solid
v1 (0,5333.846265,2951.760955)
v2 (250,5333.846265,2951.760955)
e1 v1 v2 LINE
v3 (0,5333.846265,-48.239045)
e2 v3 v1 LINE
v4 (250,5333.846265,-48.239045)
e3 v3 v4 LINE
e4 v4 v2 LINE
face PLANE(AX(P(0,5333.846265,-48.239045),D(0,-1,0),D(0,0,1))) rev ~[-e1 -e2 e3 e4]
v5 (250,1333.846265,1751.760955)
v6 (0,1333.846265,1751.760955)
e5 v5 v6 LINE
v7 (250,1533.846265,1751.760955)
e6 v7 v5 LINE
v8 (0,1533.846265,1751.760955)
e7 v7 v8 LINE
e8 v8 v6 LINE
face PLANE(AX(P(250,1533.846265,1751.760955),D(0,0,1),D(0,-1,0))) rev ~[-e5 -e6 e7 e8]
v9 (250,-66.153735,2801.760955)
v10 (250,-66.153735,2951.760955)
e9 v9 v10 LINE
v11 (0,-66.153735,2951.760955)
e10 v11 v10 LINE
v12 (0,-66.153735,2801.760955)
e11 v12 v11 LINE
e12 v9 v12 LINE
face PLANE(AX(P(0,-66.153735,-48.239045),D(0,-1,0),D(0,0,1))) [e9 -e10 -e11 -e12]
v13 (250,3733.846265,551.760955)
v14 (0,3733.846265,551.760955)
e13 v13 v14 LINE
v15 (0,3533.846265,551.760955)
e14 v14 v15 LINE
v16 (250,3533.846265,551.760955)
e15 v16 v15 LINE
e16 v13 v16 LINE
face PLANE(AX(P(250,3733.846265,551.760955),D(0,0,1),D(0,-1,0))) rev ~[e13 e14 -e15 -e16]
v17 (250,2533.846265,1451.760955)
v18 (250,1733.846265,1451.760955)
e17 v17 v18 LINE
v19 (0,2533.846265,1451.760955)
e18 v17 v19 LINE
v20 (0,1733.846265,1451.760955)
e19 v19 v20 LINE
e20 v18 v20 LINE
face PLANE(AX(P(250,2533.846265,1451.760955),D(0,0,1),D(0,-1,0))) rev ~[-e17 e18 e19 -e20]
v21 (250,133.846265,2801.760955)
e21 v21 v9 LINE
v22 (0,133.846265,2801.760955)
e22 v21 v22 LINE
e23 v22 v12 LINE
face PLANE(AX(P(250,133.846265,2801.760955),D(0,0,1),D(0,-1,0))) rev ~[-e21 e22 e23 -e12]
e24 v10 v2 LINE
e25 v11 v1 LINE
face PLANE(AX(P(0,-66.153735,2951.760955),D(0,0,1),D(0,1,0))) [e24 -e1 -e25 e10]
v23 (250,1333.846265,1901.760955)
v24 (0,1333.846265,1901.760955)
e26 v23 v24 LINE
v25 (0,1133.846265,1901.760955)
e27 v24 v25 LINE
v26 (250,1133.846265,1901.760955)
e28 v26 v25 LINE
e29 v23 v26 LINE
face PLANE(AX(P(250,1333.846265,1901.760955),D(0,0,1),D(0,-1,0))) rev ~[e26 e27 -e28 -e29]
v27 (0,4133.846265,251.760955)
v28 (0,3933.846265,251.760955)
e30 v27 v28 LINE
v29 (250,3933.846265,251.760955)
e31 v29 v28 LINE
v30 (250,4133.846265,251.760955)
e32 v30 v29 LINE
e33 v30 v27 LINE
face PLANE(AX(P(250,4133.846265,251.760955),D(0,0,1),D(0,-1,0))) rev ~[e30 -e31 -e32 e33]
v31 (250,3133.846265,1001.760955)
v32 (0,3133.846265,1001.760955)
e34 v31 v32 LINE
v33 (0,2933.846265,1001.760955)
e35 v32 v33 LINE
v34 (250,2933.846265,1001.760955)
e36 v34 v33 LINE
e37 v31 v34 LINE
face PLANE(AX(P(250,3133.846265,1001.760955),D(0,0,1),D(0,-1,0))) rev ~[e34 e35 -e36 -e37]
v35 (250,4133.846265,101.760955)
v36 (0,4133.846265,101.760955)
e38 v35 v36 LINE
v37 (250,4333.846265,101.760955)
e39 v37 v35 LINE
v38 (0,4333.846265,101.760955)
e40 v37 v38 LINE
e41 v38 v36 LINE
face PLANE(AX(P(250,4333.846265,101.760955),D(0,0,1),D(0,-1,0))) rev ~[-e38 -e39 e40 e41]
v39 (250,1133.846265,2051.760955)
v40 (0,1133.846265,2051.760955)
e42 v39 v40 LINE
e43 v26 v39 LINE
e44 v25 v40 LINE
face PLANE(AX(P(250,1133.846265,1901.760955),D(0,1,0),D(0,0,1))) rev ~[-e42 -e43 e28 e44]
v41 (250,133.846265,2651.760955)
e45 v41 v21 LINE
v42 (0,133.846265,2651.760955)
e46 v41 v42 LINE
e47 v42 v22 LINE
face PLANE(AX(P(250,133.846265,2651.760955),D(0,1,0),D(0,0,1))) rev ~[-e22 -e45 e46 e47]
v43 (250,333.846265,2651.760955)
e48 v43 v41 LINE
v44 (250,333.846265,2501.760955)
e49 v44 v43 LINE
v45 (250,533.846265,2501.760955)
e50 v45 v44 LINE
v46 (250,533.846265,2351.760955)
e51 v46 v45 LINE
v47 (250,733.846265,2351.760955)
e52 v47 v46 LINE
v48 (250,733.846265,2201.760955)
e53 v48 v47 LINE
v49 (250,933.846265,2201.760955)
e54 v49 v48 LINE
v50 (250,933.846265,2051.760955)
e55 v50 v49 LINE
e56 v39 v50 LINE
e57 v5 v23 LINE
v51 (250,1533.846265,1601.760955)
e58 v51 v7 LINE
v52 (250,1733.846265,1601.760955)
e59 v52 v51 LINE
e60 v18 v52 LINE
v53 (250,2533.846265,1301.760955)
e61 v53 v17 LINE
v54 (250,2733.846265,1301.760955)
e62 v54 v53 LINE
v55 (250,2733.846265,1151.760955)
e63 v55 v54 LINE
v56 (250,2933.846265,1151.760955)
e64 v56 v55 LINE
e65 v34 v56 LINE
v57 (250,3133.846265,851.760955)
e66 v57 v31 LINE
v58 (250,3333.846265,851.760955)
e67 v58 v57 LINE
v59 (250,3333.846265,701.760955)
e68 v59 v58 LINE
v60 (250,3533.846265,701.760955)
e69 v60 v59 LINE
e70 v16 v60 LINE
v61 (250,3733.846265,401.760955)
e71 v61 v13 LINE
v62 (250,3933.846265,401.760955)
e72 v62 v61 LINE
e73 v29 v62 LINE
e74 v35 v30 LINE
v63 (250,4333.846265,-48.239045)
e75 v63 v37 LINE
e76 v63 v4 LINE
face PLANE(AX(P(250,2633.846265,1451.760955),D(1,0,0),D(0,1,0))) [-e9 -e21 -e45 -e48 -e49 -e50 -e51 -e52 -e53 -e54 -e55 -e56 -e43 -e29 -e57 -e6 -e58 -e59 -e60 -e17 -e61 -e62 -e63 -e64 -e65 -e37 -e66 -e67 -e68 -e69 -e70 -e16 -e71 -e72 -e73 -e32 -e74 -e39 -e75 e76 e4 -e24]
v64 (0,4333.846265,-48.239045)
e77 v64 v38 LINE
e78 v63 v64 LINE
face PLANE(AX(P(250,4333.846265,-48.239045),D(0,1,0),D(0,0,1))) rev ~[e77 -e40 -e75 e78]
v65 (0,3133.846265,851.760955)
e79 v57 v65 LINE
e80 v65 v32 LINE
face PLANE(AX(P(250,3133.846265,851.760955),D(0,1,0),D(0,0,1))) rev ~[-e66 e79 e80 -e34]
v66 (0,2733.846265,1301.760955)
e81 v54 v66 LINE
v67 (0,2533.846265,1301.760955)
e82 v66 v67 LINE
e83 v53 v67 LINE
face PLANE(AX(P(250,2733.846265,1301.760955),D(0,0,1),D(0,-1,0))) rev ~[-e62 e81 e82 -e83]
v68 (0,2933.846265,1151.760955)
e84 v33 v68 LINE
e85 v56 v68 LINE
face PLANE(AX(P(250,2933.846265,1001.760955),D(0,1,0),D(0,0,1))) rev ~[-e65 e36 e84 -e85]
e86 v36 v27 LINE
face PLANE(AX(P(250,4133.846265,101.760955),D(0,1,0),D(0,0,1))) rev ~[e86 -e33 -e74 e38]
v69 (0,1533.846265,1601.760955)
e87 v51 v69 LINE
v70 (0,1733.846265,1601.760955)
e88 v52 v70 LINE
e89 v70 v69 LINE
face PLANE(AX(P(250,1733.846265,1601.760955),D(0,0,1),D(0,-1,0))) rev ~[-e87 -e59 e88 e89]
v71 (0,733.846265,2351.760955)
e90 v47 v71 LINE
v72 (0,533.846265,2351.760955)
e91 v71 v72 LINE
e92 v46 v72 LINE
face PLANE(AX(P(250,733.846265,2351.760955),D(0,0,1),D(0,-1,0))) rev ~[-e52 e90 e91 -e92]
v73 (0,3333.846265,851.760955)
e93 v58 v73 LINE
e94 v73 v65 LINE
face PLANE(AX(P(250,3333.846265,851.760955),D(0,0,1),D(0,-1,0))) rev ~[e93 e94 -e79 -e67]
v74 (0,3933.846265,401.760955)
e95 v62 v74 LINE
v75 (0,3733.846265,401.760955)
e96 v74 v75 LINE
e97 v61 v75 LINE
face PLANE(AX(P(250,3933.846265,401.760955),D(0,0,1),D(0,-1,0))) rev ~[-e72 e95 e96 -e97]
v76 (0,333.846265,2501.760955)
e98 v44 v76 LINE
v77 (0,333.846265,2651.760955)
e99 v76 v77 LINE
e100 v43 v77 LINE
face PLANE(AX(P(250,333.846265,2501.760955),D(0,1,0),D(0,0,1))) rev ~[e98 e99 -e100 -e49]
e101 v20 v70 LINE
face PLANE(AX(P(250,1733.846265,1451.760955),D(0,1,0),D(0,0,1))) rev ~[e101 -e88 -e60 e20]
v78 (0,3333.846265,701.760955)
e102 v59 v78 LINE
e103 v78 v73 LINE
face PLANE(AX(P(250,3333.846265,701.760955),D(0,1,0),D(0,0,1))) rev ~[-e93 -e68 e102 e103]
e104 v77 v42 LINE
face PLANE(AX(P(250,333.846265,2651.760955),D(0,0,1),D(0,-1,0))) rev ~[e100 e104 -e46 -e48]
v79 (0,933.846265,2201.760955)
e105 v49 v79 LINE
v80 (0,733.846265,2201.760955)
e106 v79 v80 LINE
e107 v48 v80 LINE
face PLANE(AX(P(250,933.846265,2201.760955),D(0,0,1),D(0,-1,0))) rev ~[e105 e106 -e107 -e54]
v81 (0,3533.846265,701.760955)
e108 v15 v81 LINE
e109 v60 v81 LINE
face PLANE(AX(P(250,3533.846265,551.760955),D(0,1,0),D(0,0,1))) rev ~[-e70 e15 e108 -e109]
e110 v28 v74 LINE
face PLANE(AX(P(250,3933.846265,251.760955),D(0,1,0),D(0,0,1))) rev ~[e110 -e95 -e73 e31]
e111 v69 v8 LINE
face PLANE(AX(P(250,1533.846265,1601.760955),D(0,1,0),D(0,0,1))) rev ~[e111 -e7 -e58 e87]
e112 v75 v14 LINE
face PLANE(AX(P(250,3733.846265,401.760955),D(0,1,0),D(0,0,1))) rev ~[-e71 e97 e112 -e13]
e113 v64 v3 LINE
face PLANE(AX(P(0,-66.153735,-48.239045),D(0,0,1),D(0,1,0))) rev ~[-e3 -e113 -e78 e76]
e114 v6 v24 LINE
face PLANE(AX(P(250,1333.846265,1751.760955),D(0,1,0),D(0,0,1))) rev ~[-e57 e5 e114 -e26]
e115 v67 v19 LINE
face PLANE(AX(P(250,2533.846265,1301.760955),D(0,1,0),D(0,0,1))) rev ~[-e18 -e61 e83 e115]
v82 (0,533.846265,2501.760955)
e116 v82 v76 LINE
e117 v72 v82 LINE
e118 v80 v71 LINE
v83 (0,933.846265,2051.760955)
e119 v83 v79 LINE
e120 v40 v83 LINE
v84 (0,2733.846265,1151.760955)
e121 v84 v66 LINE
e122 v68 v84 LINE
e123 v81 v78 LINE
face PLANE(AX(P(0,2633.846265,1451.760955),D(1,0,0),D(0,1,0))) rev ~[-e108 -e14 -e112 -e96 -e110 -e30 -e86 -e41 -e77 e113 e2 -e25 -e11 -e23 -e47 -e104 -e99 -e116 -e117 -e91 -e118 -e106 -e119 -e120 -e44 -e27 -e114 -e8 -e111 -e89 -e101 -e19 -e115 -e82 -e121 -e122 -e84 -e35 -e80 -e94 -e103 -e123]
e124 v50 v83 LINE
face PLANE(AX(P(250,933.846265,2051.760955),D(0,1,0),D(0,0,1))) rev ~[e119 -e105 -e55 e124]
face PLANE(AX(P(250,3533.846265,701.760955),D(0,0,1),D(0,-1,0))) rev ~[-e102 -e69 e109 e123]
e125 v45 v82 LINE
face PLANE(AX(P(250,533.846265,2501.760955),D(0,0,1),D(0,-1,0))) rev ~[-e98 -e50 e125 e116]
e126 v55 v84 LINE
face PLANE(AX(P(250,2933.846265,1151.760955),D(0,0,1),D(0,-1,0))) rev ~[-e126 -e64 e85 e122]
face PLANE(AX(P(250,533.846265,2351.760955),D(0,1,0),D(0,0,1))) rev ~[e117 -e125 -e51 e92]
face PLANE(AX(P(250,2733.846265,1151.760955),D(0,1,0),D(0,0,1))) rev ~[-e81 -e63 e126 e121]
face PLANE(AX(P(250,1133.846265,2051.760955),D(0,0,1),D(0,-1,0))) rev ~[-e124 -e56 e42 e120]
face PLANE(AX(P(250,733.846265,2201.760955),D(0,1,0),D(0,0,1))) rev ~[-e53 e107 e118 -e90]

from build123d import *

# Parameters (mm, degrees)
F0_W     = 5400
F0_H     = 3000
F1_DEPTH = 250
F3_DEPTH = 250


with BuildPart() as f1:
    # F0 (on Right) → F1 (new body)
    with BuildSketch(Plane.YZ):
        with Locations((2633.846265, 1451.760955)):
            Rectangle(F0_W, F0_H)
    extrude(amount=F1_DEPTH)

    # F2 (on face) → F3 (cut)
    with BuildSketch(Plane.YZ.offset(250)):
        Polygon((-66.153735, -48.239045), (4333.846265, -48.239045), (4333.846265, 101.760955), (4133.846265, 101.760955), (4133.846265, 251.760955), (3933.846265, 251.760955), (3933.846265, 401.760955), (3733.846265, 401.760955), (3733.846265, 551.760955), (3533.846265, 551.760955), (3533.846265, 701.760955), (3333.846265, 701.760955), (3333.846265, 851.760955), (3133.846265, 851.760955), (3133.846265, 1001.760955), (2933.846265, 1001.760955), (2933.846265, 1151.760955), (2733.846265, 1151.760955), (2733.846265, 1301.760955), (2533.846265, 1301.760955), (2533.846265, 1451.760955), (1733.846265, 1451.760955), (1733.846265, 1601.760955), (1533.846265, 1601.760955), (1533.846265, 1751.760955), (1333.846265, 1751.760955), (1333.846265, 1901.760955), (1133.846265, 1901.760955), (1133.846265, 2051.760955), (933.846265, 2051.760955), (933.846265, 2201.760955), (733.846265, 2201.760955), (733.846265, 2351.760955), (533.846265, 2351.760955), (533.846265, 2501.760955), (333.846265, 2501.760955), (333.846265, 2651.760955), (133.846265, 2651.760955), (133.846265, 2801.760955), (-66.153735, 2801.760955), align=None)
    extrude(amount=-F3_DEPTH, mode=Mode.SUBTRACT)


solid = f1.part
